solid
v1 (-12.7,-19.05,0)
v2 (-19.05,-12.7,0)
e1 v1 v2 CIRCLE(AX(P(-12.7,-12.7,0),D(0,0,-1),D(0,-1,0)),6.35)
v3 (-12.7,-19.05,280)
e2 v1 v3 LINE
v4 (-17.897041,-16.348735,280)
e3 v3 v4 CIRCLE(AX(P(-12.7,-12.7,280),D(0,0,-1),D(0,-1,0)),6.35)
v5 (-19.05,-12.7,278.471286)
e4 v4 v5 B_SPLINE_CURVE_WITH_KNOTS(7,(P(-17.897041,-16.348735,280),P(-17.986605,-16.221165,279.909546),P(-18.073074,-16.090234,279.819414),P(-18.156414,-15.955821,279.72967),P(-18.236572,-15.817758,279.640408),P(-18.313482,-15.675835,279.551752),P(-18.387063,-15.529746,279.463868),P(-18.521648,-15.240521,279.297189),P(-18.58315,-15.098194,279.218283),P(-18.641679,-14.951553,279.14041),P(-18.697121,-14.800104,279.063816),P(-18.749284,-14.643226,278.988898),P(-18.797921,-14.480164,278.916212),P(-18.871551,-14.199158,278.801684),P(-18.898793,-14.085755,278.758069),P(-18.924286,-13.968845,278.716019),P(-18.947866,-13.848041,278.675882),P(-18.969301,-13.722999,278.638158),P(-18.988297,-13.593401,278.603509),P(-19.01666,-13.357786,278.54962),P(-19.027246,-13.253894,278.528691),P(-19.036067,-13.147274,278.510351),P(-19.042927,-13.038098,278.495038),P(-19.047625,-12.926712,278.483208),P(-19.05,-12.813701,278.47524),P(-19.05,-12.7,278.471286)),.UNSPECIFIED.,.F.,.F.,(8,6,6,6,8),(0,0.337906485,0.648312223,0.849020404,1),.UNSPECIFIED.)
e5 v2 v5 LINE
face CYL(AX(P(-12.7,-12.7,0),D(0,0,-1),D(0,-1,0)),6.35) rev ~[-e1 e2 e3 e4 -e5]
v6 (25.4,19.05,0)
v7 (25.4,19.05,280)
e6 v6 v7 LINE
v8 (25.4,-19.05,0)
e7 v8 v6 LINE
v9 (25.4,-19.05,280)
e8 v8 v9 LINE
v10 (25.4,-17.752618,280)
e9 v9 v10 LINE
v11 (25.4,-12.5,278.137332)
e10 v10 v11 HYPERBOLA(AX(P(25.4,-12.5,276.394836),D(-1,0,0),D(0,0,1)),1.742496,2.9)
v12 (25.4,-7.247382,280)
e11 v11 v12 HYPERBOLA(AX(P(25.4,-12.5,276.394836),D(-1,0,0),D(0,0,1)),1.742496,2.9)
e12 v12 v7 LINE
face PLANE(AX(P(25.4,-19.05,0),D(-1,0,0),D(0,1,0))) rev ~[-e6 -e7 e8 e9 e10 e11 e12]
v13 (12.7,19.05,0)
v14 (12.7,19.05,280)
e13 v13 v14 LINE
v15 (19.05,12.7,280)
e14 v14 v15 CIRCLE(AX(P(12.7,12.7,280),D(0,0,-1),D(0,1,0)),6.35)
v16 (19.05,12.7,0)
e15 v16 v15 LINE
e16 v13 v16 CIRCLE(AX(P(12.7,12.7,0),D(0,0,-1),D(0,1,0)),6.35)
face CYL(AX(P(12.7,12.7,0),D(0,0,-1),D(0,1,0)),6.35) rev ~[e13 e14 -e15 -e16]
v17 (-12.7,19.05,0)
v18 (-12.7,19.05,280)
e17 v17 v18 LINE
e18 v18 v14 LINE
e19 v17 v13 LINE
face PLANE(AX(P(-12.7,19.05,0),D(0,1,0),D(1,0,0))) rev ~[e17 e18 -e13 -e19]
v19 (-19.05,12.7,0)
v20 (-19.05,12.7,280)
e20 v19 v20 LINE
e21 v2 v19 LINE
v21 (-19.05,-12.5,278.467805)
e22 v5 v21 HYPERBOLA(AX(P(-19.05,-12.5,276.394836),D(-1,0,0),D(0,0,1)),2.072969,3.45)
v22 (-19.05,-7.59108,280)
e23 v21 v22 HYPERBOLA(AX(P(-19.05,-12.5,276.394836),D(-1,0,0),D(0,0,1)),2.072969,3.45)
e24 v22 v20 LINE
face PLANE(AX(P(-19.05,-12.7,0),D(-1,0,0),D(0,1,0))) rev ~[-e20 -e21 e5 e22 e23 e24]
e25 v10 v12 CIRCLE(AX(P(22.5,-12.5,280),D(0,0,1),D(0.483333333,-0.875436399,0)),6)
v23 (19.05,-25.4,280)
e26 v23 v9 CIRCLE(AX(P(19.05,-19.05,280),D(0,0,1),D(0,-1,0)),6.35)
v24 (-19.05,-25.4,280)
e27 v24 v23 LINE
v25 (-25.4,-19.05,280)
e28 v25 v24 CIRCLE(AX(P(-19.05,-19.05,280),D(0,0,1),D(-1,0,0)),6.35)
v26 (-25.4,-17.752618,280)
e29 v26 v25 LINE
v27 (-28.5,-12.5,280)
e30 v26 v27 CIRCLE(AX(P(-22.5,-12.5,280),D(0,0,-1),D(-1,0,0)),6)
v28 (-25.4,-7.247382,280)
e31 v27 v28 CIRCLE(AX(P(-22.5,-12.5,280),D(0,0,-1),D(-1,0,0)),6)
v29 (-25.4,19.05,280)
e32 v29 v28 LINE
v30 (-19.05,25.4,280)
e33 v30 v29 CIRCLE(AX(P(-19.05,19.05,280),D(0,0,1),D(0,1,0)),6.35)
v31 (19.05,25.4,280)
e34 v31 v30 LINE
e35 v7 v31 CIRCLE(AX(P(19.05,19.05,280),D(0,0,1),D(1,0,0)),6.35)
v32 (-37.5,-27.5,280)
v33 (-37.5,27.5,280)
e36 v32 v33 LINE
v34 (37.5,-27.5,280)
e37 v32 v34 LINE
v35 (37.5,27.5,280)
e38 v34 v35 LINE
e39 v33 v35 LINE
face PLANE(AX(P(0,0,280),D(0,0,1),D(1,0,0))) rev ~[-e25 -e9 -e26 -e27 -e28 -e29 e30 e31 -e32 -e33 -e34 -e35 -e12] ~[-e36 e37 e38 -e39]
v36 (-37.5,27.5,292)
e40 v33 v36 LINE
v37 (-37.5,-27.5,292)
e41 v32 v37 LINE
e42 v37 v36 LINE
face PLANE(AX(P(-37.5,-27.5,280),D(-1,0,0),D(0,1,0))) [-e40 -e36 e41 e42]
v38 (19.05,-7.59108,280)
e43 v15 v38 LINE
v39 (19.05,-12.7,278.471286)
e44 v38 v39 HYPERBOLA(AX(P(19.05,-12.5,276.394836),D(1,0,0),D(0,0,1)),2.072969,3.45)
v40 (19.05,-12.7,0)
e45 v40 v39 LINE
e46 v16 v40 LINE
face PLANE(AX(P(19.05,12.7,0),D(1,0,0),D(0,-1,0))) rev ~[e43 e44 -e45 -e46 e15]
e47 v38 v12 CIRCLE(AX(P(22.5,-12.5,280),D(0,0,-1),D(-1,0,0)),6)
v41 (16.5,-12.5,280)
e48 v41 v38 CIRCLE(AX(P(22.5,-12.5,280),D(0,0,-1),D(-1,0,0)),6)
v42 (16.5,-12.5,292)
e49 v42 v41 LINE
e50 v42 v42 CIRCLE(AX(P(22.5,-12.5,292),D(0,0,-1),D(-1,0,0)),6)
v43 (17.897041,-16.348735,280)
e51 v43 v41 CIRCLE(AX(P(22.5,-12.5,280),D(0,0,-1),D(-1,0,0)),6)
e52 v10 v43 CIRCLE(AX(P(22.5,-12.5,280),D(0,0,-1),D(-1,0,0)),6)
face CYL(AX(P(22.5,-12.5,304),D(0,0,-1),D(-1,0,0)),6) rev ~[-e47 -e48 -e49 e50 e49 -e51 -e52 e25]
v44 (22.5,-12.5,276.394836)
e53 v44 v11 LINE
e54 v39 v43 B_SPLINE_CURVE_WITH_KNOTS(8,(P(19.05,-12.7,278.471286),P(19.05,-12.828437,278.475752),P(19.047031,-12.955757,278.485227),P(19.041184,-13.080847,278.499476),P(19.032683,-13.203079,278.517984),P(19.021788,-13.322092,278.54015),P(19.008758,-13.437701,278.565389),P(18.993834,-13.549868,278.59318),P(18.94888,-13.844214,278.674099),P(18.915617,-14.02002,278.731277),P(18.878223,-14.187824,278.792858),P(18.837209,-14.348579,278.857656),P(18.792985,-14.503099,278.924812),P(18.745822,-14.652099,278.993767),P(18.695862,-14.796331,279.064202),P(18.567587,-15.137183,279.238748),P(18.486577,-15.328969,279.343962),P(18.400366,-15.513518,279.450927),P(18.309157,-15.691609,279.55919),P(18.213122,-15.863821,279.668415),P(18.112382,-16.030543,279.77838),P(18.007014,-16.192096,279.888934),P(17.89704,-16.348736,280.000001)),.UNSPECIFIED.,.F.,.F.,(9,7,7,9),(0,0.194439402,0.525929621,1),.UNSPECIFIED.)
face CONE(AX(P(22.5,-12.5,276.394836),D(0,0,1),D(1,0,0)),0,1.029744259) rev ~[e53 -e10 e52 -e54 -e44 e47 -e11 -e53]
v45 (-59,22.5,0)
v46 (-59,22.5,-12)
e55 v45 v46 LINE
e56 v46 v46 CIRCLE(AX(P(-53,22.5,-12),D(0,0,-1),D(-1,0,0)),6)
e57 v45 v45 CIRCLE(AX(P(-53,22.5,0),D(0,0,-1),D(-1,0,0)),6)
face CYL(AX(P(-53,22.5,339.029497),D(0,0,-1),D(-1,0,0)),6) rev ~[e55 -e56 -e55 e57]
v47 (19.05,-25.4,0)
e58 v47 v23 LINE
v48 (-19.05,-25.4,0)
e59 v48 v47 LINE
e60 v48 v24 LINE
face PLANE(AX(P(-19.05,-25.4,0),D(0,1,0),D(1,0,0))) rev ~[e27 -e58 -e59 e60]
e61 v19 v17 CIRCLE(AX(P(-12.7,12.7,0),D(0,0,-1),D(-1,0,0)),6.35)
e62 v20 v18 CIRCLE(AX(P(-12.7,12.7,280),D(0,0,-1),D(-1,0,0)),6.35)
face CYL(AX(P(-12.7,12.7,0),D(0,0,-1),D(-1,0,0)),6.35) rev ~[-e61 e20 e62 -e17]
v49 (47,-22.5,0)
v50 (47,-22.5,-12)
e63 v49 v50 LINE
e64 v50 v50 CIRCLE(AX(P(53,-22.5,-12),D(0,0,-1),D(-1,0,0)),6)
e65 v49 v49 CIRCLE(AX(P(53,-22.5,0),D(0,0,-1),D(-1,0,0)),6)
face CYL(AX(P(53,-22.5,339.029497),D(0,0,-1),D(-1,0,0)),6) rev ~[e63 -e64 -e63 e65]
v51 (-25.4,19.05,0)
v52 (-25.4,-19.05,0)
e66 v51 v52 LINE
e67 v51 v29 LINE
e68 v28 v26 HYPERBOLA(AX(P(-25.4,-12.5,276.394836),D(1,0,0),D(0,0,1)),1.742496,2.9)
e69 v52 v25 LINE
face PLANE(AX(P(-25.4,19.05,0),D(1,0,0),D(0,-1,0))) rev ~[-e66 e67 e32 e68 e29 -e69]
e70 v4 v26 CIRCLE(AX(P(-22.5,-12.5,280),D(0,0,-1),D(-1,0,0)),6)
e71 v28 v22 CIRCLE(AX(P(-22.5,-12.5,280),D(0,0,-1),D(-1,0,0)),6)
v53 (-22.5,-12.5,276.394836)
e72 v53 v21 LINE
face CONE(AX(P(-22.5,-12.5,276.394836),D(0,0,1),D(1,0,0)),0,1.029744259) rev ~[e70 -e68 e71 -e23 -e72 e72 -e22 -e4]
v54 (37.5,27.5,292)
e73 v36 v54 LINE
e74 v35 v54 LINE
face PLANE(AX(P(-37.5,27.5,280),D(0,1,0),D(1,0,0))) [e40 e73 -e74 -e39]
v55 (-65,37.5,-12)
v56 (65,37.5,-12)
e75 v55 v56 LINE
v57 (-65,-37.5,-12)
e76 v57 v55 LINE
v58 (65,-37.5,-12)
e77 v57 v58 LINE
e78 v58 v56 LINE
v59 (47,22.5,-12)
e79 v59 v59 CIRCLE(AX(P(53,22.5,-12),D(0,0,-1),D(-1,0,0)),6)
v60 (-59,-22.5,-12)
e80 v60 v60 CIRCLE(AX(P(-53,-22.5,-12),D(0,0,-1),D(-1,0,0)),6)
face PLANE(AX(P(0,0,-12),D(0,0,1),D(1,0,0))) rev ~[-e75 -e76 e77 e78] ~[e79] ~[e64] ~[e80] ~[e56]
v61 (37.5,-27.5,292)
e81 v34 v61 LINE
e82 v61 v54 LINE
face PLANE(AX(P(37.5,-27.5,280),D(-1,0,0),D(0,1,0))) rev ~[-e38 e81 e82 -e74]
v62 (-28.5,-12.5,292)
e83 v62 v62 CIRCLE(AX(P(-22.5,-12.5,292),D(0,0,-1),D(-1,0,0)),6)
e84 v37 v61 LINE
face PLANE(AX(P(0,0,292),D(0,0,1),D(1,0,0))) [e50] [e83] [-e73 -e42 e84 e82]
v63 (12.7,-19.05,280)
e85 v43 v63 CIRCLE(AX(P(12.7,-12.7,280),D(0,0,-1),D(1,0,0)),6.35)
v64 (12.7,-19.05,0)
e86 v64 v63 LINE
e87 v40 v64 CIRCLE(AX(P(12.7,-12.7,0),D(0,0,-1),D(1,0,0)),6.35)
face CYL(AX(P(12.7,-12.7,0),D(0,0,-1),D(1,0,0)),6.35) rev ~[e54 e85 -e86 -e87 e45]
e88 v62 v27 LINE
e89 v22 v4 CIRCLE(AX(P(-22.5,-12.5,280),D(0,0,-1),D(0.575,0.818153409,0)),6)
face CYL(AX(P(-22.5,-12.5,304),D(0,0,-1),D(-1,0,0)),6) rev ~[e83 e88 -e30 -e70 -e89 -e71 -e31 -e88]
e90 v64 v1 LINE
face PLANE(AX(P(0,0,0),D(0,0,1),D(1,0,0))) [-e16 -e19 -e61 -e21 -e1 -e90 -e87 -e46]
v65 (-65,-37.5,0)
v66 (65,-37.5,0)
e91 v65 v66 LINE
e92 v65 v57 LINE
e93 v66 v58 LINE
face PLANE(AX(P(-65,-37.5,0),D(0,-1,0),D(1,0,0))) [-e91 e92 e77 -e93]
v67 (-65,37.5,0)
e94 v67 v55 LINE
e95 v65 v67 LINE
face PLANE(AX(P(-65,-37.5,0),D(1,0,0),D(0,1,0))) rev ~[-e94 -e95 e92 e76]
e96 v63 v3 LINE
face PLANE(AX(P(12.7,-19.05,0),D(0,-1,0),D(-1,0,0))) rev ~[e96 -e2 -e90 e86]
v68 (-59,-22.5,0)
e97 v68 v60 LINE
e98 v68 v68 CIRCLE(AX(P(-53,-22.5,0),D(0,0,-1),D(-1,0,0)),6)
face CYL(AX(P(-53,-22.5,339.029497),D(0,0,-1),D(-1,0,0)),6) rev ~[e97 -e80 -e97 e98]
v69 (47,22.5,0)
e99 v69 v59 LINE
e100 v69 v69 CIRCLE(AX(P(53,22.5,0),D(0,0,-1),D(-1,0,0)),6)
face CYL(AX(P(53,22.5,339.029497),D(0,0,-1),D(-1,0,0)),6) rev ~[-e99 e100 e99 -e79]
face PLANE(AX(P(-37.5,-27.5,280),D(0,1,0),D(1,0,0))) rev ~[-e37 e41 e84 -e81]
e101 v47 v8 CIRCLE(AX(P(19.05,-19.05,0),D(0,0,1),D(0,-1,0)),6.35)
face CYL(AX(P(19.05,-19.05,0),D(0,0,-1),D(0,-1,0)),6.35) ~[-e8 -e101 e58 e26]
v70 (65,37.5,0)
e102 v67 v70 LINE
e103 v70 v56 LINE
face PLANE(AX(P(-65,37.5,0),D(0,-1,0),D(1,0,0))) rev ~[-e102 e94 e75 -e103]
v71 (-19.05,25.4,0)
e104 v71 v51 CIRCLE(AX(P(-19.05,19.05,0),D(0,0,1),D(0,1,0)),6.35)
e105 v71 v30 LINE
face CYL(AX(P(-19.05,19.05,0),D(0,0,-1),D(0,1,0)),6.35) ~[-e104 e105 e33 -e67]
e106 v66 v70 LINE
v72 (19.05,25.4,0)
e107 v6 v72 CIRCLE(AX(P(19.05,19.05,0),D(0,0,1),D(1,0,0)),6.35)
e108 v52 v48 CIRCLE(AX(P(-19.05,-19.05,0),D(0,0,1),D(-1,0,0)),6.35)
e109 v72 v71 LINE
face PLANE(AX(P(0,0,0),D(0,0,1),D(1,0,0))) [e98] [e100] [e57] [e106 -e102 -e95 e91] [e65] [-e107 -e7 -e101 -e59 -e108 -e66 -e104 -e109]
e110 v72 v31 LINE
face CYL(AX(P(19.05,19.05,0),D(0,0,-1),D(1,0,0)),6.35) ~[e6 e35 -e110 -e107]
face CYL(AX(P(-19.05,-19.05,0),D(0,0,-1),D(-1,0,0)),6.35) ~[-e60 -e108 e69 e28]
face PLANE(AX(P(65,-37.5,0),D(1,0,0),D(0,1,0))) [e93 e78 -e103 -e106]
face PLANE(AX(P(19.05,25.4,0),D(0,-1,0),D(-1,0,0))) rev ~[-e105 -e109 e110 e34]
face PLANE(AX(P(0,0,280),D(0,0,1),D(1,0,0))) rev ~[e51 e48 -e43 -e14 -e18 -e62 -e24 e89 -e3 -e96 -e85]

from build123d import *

# Parameters (mm, degrees)
F0_W     = 130
F0_H     = 75
F1_DEPTH = 12
F3_DEPTH = 280
F5_W     = 75
F5_H     = 55
F6_DEPTH = 12
F7_D     = 12
F9_D     = 12
F9_DEPTH = 12
F9_TIP   = 3.6051637142


with BuildPart() as f1:
    # F0 (on Top) → F1 (new body)
    with BuildSketch(Plane.XY):
        Rectangle(F0_W, F0_H)
    extrude(amount=-F1_DEPTH)

    # F2 (on face) → F3 (join)
    with BuildSketch(Plane.XY):
        with BuildLine():
            Line((-19.05, -25.4), (19.05, -25.4))
            ThreePointArc((19.05, -25.4), (23.5401280605, -23.5401280605), (25.4, -19.05))
            Line((25.4, -19.05), (25.4, 19.05))
            ThreePointArc((25.4, 19.05), (23.5401280605, 23.5401280605), (19.05, 25.4))
            Line((19.05, 25.4), (-19.05, 25.4))
            ThreePointArc((-19.05, 25.4), (-23.5401280605, 23.5401280605), (-25.4, 19.05))
            Line((-25.4, 19.05), (-25.4, -19.05))
            ThreePointArc((-25.4, -19.05), (-23.5401280605, -23.5401280605), (-19.05, -25.4))
        make_face()
        with BuildLine():
            Line((-12.7, 19.05), (12.7, 19.05))
            ThreePointArc((12.7, 19.05), (17.1901280605, 17.1901280605), (19.05, 12.7))
            Line((19.05, 12.7), (19.05, -12.7))
            ThreePointArc((19.05, -12.7), (17.1901280605, -17.1901280605), (12.7, -19.05))
            Line((12.7, -19.05), (-12.7, -19.05))
            ThreePointArc((-12.7, -19.05), (-17.1901280605, -17.1901280605), (-19.05, -12.7))
            Line((-19.05, -12.7), (-19.05, 12.7))
            ThreePointArc((-19.05, 12.7), (-17.1901280605, 17.1901280605), (-12.7, 19.05))
        make_face(mode=Mode.SUBTRACT)
    extrude(amount=F3_DEPTH)

    # F5 (on face) → F6 (join)
    with BuildSketch(Plane.XY.offset(280)):
        Rectangle(F5_W, F5_H)
        with BuildLine():
            Line((19.05, -25.4), (-19.05, -25.4))
            ThreePointArc((-19.05, -25.4), (-23.5401280605, -23.5401280605), (-25.4, -19.05))
            Line((-25.4, -19.05), (-25.4, 19.05))
            ThreePointArc((-25.4, 19.05), (-23.5401280605, 23.5401280605), (-19.05, 25.4))
            Line((-19.05, 25.4), (19.05, 25.4))
            ThreePointArc((19.05, 25.4), (23.5401280605, 23.5401280605), (25.4, 19.05))
            Line((25.4, 19.05), (25.4, -19.05))
            ThreePointArc((25.4, -19.05), (23.5401280605, -23.5401280605), (19.05, -25.4))
        make_face(mode=Mode.SUBTRACT)
        with BuildLine():
            ThreePointArc((-25.4, -19.05), (-23.5401280605, -23.5401280605), (-19.05, -25.4))
            Line((-19.05, -25.4), (19.05, -25.4))
            ThreePointArc((19.05, -25.4), (23.5401280605, -23.5401280605), (25.4, -19.05))
            Line((25.4, -19.05), (25.4, 19.05))
            ThreePointArc((25.4, 19.05), (23.5401280605, 23.5401280605), (19.05, 25.4))
            Line((19.05, 25.4), (-19.05, 25.4))
            ThreePointArc((-19.05, 25.4), (-23.5401280605, 23.5401280605), (-25.4, 19.05))
            Line((-25.4, 19.05), (-25.4, -19.05))
        make_face()
        with BuildLine():
            Line((-19.05, -12.7), (-19.05, 12.7))
            ThreePointArc((-19.05, 12.7), (-17.1901280605, 17.1901280605), (-12.7, 19.05))
            Line((-12.7, 19.05), (12.7, 19.05))
            ThreePointArc((12.7, 19.05), (17.1901280605, 17.1901280605), (19.05, 12.7))
            Line((19.05, 12.7), (19.05, -12.7))
            ThreePointArc((19.05, -12.7), (17.1901280605, -17.1901280605), (12.7, -19.05))
            Line((12.7, -19.05), (-12.7, -19.05))
            ThreePointArc((-12.7, -19.05), (-17.1901280605, -17.1901280605), (-19.05, -12.7))
        make_face(mode=Mode.SUBTRACT)
        with BuildLine():
            ThreePointArc((-12.7, 19.05), (-17.1901280605, 17.1901280605), (-19.05, 12.7))
            Line((-19.05, 12.7), (-19.05, -12.7))
            ThreePointArc((-19.05, -12.7), (-17.1901280605, -17.1901280605), (-12.7, -19.05))
            Line((-12.7, -19.05), (12.7, -19.05))
            ThreePointArc((12.7, -19.05), (17.1901280605, -17.1901280605), (19.05, -12.7))
            Line((19.05, -12.7), (19.05, 12.7))
            ThreePointArc((19.05, 12.7), (17.1901280605, 17.1901280605), (12.7, 19.05))
            Line((12.7, 19.05), (-12.7, 19.05))
        make_face()
    extrude(amount=F6_DEPTH)

    # F7 (through all)
    with Locations(Plane.XY):
        with Locations((-53, 22.5), (53, 22.5), (53, -22.5), (-53, -22.5)):
            Hole(F7_D / 2)

    # F9
    with Locations(Plane.XY.offset(292)):
        with Locations((-22.5, -12.5), (22.5, -12.5)):
            Hole(F9_D / 2, depth=F9_DEPTH)
            with Locations((0, 0, -(F9_DEPTH + F9_TIP / 2))):  # 118° drill point
                Cone(0, F9_D / 2, F9_TIP, mode=Mode.SUBTRACT)


solid = f1.part
